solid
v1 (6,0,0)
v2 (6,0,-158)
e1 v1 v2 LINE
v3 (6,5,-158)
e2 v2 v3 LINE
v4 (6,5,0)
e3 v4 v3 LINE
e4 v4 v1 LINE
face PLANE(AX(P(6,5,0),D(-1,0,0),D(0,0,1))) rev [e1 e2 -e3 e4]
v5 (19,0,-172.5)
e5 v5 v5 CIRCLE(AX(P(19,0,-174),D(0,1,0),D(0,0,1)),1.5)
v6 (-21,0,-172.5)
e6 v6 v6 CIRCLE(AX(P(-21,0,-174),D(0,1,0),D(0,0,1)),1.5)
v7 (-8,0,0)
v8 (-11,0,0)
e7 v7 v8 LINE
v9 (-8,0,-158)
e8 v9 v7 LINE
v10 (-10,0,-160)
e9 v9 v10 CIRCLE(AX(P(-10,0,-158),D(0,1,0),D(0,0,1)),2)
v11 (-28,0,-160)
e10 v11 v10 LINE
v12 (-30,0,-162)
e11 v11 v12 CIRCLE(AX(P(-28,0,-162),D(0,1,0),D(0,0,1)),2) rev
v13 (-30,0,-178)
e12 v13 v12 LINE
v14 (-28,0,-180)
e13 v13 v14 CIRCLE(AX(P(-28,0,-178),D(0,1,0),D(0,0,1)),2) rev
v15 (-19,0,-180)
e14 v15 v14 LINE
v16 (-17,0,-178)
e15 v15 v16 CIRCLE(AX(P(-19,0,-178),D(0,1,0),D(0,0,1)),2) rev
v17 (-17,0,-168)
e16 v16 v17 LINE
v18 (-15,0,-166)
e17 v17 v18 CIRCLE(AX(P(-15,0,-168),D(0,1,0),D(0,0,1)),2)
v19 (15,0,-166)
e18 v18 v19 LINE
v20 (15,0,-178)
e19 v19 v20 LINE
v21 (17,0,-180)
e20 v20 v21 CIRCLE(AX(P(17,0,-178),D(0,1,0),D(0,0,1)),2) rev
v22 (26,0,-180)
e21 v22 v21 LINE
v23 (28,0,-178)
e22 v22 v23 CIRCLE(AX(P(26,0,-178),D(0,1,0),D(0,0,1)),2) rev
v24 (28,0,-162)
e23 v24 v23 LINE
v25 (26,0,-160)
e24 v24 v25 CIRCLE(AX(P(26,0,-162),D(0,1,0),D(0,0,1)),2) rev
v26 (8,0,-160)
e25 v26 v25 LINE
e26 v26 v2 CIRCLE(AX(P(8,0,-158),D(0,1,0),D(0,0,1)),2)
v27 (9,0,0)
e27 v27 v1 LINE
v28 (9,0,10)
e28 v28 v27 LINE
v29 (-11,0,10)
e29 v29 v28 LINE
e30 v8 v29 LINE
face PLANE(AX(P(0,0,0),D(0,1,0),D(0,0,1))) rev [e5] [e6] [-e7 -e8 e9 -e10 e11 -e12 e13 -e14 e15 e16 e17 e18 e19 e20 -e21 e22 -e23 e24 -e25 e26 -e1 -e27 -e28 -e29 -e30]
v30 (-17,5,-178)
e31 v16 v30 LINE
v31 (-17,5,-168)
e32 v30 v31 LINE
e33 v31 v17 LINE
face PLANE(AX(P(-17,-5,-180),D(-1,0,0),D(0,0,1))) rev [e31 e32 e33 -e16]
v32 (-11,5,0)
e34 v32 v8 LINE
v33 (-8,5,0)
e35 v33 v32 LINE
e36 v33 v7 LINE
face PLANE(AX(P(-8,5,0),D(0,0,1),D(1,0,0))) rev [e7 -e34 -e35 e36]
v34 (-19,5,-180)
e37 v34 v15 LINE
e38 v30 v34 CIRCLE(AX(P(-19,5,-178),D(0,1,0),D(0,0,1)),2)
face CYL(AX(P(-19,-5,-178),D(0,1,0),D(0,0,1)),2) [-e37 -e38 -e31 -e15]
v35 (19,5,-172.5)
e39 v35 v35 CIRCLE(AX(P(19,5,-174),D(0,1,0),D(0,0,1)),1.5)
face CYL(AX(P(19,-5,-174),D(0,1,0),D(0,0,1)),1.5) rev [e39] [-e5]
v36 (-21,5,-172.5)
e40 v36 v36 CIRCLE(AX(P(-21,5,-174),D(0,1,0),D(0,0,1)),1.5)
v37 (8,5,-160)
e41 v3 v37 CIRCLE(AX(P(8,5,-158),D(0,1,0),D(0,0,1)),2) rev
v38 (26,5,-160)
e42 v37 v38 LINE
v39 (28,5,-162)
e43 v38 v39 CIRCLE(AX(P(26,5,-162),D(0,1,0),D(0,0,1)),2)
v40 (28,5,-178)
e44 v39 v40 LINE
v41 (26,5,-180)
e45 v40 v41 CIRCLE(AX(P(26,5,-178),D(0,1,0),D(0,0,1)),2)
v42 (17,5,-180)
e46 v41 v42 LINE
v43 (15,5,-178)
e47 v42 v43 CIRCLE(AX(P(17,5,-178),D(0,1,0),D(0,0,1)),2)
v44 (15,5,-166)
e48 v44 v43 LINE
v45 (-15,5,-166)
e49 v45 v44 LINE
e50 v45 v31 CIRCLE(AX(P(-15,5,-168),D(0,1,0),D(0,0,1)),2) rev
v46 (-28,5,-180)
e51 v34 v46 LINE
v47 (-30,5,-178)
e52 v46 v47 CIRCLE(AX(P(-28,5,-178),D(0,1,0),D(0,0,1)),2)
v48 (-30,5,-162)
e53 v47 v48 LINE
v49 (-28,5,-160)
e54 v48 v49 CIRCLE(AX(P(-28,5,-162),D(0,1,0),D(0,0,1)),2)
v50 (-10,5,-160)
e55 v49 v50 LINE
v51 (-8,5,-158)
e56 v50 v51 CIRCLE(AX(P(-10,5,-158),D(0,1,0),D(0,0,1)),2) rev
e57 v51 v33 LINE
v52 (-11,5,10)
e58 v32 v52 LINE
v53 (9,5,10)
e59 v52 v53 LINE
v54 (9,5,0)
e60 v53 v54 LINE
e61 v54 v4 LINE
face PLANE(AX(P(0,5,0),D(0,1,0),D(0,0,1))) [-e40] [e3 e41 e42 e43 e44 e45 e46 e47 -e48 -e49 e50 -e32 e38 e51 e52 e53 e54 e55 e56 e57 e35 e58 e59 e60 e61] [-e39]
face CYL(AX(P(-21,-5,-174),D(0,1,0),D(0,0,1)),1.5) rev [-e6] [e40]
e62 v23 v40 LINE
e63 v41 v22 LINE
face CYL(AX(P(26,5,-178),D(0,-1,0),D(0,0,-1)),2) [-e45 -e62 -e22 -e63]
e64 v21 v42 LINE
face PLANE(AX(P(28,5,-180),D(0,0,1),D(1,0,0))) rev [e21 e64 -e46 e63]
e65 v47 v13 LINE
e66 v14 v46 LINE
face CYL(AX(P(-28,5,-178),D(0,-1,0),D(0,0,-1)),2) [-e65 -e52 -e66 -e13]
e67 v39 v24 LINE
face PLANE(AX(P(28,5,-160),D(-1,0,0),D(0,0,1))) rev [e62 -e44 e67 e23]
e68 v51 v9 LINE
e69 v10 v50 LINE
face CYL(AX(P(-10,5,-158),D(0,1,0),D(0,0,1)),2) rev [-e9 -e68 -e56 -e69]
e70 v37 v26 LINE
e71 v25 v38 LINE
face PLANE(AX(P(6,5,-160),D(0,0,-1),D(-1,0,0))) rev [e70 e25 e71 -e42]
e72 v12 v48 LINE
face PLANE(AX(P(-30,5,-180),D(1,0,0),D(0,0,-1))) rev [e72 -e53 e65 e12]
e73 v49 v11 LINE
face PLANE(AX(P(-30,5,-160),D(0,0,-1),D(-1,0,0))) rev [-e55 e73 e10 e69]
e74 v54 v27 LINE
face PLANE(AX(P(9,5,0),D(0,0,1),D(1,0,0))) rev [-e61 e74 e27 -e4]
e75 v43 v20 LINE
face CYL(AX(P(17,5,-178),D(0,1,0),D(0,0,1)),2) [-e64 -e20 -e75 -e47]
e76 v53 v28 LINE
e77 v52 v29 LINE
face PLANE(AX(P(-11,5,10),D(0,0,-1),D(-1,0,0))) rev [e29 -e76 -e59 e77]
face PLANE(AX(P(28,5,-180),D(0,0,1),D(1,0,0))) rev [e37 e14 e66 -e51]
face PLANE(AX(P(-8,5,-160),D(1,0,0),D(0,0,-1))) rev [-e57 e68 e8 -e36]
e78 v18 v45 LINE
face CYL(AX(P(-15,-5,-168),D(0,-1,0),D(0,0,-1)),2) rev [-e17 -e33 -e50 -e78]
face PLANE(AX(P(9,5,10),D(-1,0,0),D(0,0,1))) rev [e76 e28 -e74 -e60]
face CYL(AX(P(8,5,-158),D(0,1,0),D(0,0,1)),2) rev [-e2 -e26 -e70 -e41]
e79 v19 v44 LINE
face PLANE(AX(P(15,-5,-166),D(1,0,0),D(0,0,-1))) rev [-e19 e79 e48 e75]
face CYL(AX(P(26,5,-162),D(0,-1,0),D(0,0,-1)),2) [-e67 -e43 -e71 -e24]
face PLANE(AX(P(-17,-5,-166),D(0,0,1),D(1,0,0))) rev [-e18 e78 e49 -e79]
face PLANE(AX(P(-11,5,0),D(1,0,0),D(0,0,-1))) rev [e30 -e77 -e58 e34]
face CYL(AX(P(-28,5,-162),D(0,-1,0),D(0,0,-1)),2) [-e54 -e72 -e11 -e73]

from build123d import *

# Parameters (mm, degrees)
BOSS_EXTRUDE1_DEPTH = 5
SKETCH2_R           = 1.5
SKETCH2_W           = 32
SKETCH2_H           = 14
CUT_EXTRUDE1_DEPTH  = 10
FILLET1_R           = 2


with BuildPart() as part:
    # Sketch1 → Boss-Extrude1 (new body)
    with BuildSketch(Plane(origin=(0, 0, 0), x_dir=(1, 0, 0), z_dir=(0, 1, 0))):
        Polygon((9, -10), (9, 0), (6, 0), (6, 160), (28, 160), (28, 180), (-30, 180), (-30, 160), (-8, 160), (-8, 0), (-11, 0), (-11, -10), align=None)
    extrude(amount=BOSS_EXTRUDE1_DEPTH)

    # Sketch2 → Cut-Extrude1 (cut)
    with BuildSketch(Plane(origin=(0, 5, 0), x_dir=(1, 0, 0), z_dir=(0, 1, 0))):
        with Locations(Location((-21, 174, 0), (0, 0, 270))):
            Circle(SKETCH2_R)
        with Locations(Location((19, 174, 0), (0, 0, 270))):
            Circle(SKETCH2_R)
        with Locations((-1, 173)):
            Rectangle(SKETCH2_W, SKETCH2_H)
    extrude(amount=-CUT_EXTRUDE1_DEPTH, mode=Mode.SUBTRACT)

    # Fillet1
    fillet1_edges = [part.edges().sort_by_distance(p)[0] for p in [
        (-8, 2.5, -160),
        (-30, 2.5, -160),
        (-30, 2.5, -180),
        (28, 2.5, -180),
        (28, 2.5, -160),
        (6, 2.5, -160),
        (15, 2.5, -180),
        (-17, 2.5, -166),
        (-17, 2.5, -180),
    ]]
    fillet(fillet1_edges, radius=FILLET1_R)


solid = part.part
